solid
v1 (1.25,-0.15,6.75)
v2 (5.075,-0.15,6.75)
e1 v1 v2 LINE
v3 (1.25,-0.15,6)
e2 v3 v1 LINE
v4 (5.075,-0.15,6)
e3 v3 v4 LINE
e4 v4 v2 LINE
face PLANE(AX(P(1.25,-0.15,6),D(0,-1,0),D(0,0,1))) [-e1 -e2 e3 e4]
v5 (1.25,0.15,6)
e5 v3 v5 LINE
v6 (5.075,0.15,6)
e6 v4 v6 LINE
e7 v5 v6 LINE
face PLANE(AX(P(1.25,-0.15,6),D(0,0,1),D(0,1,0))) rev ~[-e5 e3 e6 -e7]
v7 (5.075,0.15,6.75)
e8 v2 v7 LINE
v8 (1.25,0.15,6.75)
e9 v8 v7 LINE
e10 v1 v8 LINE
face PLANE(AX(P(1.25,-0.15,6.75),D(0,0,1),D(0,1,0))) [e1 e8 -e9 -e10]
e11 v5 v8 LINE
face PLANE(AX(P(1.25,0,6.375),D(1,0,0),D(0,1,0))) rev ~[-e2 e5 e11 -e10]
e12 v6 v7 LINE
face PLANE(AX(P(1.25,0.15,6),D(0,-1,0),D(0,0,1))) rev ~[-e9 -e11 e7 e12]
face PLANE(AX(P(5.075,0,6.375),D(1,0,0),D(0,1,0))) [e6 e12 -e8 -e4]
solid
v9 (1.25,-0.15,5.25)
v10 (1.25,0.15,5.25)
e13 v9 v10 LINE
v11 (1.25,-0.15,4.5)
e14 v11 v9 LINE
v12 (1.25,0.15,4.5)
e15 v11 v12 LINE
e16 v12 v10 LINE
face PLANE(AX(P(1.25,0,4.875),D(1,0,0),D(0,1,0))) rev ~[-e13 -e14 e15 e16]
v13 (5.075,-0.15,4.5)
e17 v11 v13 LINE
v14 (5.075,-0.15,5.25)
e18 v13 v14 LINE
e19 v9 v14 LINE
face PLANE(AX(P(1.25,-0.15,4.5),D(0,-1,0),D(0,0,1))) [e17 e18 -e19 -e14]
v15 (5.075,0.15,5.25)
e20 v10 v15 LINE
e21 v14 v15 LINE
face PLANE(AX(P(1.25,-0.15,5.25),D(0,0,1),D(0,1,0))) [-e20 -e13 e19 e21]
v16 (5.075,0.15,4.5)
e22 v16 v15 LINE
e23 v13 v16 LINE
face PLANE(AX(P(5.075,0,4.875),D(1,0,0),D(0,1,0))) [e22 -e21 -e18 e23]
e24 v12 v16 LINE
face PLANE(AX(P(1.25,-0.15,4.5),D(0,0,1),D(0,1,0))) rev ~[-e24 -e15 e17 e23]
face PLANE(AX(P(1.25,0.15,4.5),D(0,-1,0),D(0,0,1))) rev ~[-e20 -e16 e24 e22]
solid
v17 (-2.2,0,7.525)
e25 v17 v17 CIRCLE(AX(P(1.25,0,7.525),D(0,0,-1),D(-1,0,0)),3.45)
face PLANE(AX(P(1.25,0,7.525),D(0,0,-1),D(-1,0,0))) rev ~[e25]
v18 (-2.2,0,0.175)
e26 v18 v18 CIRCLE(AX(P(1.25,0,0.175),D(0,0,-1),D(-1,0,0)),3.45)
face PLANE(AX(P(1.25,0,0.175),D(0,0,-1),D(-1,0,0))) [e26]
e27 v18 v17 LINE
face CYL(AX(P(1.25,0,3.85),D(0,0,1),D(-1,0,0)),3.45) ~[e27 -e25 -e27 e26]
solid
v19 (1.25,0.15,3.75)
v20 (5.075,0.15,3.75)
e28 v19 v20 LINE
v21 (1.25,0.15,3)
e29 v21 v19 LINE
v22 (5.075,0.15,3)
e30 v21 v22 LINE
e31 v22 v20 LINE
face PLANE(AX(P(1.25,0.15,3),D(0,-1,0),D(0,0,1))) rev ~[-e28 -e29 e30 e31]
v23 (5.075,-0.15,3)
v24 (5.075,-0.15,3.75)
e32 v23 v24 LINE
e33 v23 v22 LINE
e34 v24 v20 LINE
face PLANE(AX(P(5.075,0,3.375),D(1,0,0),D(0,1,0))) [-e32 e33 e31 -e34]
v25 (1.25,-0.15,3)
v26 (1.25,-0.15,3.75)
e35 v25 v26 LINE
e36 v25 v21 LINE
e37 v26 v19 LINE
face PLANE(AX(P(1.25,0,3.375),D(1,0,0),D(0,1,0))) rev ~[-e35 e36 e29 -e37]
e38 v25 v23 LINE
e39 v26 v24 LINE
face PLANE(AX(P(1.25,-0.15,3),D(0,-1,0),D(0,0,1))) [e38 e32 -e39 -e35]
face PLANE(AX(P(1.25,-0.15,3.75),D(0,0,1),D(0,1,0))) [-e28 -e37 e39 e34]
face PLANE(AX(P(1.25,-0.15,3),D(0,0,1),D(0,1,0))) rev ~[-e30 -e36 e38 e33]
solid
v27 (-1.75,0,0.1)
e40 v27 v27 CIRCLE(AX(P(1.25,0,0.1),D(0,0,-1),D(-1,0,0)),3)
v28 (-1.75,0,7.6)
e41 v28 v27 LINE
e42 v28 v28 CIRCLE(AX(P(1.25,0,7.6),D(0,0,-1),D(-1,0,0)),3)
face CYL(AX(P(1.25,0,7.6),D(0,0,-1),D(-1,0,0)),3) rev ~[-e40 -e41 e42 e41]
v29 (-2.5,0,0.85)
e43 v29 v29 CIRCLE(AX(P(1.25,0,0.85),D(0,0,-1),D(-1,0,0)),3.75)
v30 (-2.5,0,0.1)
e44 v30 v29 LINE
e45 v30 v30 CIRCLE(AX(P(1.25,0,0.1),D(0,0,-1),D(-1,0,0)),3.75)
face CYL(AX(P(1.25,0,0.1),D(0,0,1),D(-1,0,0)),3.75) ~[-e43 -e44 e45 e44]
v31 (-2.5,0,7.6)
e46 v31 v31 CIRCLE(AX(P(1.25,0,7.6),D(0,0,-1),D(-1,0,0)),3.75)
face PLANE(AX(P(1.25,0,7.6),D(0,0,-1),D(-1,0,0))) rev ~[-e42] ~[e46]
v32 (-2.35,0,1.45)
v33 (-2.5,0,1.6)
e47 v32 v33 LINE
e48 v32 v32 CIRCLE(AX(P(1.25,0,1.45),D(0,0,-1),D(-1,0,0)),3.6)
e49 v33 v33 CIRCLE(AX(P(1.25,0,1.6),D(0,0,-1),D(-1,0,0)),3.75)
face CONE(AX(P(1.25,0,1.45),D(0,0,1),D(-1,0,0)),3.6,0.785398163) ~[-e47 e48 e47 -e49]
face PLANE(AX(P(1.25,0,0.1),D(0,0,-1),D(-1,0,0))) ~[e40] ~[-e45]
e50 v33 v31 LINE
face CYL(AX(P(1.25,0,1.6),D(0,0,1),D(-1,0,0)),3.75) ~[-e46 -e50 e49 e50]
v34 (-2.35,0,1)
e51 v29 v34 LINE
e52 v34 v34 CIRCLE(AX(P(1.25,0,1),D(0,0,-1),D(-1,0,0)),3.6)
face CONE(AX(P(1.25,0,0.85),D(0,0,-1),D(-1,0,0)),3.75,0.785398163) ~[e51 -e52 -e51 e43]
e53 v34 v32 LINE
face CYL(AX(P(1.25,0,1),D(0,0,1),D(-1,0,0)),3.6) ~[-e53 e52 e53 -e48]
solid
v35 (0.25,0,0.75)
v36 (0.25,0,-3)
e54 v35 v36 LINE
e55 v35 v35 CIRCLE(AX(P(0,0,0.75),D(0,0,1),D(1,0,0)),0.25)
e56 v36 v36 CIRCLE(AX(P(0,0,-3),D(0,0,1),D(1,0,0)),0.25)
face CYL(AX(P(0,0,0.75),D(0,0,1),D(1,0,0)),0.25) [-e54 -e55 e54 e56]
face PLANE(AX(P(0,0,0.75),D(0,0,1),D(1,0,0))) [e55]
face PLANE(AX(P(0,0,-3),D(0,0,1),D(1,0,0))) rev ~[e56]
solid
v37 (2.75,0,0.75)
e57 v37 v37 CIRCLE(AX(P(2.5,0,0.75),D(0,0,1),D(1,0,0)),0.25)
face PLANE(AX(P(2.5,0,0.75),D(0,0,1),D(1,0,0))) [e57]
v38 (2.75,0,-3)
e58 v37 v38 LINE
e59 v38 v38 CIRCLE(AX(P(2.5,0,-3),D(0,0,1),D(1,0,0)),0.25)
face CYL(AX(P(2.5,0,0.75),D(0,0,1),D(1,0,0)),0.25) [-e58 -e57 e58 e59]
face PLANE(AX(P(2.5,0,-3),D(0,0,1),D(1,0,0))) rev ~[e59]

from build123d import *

# Parameters (mm, degrees)
SKETCH002_W  = 3.45
SKETCH002_H  = 7.35
SKETCH003_R  = 0.25
PAD_DEPTH    = 3.75
SKETCH004_W  = 0.3
SKETCH004_H  = 0.75
PAD001_DEPTH = 3.825


with BuildPart() as revolution:
    # Sketch → Revolution (revolve)
    with BuildSketch(Plane.XZ):
        Polygon((-2.5, 0.1), (-2.5, 0.85), (-2.35, 1), (-2.35, 1.45), (-2.5, 1.6), (-2.5, 7.6), (-1.75, 7.6), (-1.75, 0.1), align=None)
    revolve(axis=Axis((1.25, 0, 7.548619), (0, 0, -1)))


with BuildPart() as revolution001:
    # Sketch002 → Revolution001 (revolve)
    with BuildSketch(Plane.XZ):
        with Locations((-0.475, 3.85)):
            Rectangle(SKETCH002_W, SKETCH002_H)
    revolve(axis=Axis((1.25, 0, 4.680116), (0, 0, -1)))


with BuildPart() as pad:
    # Sketch003 → Pad (new body)
    with BuildSketch(Plane.XY.offset(0.75)):
        Circle(SKETCH003_R)
        with Locations((2.5, 0)):
            Circle(SKETCH003_R)
    extrude(amount=-PAD_DEPTH)


with BuildPart() as pad001:
    # Sketch004 → Pad001 (new body)
    with BuildSketch(Plane.YZ.offset(1.25)):
        with Locations((0, 3.375)):
            Rectangle(SKETCH004_W, SKETCH004_H)
        with Locations((0, 4.875)):
            Rectangle(SKETCH004_W, SKETCH004_H)
        with Locations((0, 6.375)):
            Rectangle(SKETCH004_W, SKETCH004_H)
    extrude(amount=PAD001_DEPTH)


solid = Compound([revolution.part, revolution001.part, pad.part, pad001.part])
